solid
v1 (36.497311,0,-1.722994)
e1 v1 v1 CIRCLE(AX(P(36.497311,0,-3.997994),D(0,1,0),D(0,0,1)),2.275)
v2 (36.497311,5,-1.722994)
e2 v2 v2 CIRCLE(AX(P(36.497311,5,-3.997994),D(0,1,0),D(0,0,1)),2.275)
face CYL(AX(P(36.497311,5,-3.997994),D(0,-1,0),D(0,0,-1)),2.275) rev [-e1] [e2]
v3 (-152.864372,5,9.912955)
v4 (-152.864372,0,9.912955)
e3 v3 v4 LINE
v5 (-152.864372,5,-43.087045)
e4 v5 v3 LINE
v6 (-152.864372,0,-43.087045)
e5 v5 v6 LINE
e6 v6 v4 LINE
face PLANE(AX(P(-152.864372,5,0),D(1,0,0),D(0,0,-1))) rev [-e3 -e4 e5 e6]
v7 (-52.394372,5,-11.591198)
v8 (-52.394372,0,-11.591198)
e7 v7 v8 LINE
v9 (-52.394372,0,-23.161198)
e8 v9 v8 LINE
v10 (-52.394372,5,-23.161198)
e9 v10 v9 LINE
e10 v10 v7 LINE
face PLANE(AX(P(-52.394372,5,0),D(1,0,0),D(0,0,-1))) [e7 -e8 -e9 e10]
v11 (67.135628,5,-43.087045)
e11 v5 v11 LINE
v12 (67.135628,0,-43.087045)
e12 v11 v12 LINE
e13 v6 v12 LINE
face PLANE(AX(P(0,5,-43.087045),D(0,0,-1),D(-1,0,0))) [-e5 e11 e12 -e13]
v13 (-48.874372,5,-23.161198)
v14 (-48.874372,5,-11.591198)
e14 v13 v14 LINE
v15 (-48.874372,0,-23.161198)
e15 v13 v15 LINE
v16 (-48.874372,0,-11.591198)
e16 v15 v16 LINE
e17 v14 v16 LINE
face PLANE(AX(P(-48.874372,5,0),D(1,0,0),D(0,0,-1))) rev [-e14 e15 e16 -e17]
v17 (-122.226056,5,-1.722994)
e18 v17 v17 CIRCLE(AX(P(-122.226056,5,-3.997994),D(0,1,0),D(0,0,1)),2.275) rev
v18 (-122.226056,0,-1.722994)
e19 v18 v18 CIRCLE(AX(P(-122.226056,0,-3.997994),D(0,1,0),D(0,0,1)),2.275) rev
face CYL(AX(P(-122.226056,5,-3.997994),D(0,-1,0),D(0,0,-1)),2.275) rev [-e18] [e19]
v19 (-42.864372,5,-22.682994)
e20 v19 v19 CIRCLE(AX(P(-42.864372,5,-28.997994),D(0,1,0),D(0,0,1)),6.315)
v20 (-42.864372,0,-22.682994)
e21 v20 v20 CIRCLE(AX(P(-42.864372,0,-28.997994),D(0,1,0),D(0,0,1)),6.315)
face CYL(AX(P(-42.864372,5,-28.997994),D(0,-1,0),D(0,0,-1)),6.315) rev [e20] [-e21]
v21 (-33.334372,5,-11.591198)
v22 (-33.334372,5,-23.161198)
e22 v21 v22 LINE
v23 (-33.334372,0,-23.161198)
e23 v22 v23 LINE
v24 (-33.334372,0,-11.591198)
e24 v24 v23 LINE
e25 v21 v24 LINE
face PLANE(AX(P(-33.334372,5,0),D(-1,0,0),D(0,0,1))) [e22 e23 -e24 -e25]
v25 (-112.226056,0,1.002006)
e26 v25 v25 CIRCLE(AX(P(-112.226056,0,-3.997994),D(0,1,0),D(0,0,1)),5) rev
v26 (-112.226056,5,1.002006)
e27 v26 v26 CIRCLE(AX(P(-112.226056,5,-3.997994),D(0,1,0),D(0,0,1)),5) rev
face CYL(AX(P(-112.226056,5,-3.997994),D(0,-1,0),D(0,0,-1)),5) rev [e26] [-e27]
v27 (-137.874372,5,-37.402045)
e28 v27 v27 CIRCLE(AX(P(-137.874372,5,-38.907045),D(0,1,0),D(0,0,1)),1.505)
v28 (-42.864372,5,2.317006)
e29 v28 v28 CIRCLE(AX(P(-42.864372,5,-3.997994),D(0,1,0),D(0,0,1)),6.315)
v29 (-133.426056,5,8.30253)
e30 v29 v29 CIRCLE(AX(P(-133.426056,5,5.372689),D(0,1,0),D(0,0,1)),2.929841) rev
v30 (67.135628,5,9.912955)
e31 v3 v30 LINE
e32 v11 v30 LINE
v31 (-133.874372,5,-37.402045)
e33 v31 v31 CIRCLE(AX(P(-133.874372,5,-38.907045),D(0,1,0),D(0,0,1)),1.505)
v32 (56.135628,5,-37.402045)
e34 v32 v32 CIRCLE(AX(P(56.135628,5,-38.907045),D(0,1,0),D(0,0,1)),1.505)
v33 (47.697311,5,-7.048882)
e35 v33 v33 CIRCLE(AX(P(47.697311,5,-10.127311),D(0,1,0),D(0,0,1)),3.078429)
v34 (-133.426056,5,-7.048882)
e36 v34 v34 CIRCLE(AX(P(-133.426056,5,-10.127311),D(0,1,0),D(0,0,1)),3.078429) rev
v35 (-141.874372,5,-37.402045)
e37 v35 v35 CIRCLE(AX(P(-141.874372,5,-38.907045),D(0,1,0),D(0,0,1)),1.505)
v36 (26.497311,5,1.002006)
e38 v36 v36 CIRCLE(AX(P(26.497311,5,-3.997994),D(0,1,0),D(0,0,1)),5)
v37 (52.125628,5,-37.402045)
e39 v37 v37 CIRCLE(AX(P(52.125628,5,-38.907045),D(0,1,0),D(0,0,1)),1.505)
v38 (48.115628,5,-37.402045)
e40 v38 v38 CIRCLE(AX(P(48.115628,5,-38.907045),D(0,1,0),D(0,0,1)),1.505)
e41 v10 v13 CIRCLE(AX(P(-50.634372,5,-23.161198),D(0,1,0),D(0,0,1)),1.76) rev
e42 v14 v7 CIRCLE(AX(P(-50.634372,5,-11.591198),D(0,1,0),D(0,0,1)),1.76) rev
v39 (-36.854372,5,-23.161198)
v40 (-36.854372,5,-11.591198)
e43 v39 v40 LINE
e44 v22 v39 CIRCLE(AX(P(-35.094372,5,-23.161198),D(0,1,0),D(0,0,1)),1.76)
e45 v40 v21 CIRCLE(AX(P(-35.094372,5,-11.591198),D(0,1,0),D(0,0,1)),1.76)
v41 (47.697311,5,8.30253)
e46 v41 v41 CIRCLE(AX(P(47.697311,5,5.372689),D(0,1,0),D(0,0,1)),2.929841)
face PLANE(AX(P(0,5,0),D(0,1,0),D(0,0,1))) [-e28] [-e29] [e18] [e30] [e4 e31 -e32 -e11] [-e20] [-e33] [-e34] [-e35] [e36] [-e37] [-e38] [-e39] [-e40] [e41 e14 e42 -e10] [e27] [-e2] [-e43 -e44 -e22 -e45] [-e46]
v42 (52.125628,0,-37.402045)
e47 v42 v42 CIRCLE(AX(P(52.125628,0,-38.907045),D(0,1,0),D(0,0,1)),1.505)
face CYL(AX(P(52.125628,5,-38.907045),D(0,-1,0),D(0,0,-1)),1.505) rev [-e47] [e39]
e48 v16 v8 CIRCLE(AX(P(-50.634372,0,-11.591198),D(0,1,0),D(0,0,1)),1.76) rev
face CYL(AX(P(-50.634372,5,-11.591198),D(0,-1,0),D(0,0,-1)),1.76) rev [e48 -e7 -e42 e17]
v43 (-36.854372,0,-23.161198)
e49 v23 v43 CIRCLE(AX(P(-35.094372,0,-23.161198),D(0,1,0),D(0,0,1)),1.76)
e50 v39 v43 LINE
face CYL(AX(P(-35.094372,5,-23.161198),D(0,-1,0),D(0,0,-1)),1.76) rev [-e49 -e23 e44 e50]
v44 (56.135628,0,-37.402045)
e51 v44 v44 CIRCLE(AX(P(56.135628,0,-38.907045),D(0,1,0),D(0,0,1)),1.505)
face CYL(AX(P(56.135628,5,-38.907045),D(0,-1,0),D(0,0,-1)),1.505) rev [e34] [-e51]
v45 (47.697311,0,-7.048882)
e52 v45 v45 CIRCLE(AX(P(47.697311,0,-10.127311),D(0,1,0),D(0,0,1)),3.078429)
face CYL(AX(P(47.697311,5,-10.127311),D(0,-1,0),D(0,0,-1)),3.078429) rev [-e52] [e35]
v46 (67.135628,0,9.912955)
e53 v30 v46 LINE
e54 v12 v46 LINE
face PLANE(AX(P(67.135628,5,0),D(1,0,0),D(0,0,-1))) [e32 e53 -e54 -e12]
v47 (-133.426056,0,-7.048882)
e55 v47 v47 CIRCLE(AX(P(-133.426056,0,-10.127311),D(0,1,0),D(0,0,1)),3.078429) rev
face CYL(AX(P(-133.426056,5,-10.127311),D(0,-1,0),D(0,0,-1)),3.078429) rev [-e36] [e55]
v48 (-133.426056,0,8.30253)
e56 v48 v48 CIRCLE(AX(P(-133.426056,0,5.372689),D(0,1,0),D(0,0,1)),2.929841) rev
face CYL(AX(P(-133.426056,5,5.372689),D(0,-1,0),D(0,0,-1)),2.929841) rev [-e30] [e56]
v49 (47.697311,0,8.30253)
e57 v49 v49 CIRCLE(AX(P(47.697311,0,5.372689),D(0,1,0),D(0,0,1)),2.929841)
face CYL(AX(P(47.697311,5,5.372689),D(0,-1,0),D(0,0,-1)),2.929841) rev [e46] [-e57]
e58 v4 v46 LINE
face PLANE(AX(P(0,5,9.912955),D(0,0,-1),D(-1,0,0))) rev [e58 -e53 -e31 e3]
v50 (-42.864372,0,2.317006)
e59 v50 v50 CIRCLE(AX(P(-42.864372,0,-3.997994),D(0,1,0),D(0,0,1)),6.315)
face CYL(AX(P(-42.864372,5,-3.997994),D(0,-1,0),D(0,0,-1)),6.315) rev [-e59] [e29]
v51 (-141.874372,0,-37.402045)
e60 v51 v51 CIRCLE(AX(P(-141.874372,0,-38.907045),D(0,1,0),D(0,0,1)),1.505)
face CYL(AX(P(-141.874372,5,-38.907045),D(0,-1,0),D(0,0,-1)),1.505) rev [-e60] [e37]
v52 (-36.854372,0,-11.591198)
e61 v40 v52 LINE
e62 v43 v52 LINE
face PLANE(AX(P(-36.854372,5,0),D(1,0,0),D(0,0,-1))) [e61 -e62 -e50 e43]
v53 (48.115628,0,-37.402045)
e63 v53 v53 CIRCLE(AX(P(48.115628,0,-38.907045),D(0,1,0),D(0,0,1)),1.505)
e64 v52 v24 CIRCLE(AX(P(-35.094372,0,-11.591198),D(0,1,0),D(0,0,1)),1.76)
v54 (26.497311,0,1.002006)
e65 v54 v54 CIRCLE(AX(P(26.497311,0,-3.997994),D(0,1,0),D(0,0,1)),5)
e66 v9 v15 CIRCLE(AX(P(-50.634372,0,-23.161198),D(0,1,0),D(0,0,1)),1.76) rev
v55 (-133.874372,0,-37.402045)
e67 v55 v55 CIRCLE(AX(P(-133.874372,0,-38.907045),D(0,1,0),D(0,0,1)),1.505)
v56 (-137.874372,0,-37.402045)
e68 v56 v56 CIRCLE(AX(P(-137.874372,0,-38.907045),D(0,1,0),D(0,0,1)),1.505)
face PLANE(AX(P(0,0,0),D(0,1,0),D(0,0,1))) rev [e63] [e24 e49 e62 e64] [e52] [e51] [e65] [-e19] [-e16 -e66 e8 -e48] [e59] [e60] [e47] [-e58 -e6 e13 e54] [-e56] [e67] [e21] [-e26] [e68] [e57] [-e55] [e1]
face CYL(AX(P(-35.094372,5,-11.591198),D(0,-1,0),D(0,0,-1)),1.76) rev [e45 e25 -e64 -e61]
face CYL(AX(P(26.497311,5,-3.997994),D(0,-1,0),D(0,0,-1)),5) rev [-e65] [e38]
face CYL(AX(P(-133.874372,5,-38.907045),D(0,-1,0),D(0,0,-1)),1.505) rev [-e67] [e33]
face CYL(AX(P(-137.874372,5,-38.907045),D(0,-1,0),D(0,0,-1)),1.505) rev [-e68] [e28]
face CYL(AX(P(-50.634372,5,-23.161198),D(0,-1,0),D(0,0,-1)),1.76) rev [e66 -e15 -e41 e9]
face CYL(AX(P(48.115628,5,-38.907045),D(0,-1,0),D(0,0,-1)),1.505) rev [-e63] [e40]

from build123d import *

# Parameters (mm, degrees)
SKETCH1_W           = 220
SKETCH1_H           = 53
SKETCH1_R           = 1.505
SKETCH1_R_2         = 6.315
SKETCH1_R_3         = 3.078429052
SKETCH1_R_4         = 2.929841002
SKETCH1_R_5         = 2.275
SKETCH1_R_6         = 5
BOSS_EXTRUDE1_DEPTH = 5


with BuildPart() as part:
    # Sketch1 → Boss-Extrude1 (new body)
    with BuildSketch(Plane(origin=(0, 0, 0), x_dir=(1, 0, 0), z_dir=(0, 1, 0))):
        with Locations((-42.86437247, 16.587044534)):
            Rectangle(SKETCH1_W, SKETCH1_H)
        with Locations((56.13562753, 38.907044534)):
            Circle(SKETCH1_R, mode=Mode.SUBTRACT)
        with Locations((52.12562753, 38.907044534)):
            Circle(SKETCH1_R, mode=Mode.SUBTRACT)
        with Locations((48.11562753, 38.907044534)):
            Circle(SKETCH1_R, mode=Mode.SUBTRACT)
        with Locations((-141.87437247, 38.907044534)):
            Circle(SKETCH1_R, mode=Mode.SUBTRACT)
        with Locations((-137.87437247, 38.907044534)):
            Circle(SKETCH1_R, mode=Mode.SUBTRACT)
        with Locations((-133.87437247, 38.907044534)):
            Circle(SKETCH1_R, mode=Mode.SUBTRACT)
        with Locations((-42.86437247, 28.997993636)):
            Circle(SKETCH1_R_2, mode=Mode.SUBTRACT)
        with Locations((-42.86437247, 3.997993636)):
            Circle(SKETCH1_R_2, mode=Mode.SUBTRACT)
        with Locations((47.6973107, 10.127310686)):
            Circle(SKETCH1_R_3, mode=Mode.SUBTRACT)
        with Locations((47.6973107, -5.372689314)):
            Circle(SKETCH1_R_4, mode=Mode.SUBTRACT)
        with Locations((36.4973107, 3.997993636)):
            Circle(SKETCH1_R_5, mode=Mode.SUBTRACT)
        with Locations((26.4973107, 3.997993636)):
            Circle(SKETCH1_R_6, mode=Mode.SUBTRACT)
        with Locations((-133.426055639, -5.372689314)):
            Circle(SKETCH1_R_4, mode=Mode.SUBTRACT)
        with Locations((-133.426055639, 10.127310686)):
            Circle(SKETCH1_R_3, mode=Mode.SUBTRACT)
        with Locations((-122.226055639, 3.997993636)):
            Circle(SKETCH1_R_5, mode=Mode.SUBTRACT)
        with Locations((-112.226055639, 3.997993636)):
            Circle(SKETCH1_R_6, mode=Mode.SUBTRACT)
        with BuildLine():
            Line((-52.39437247, 23.161197849), (-52.39437247, 11.591197849))
            ThreePointArc((-52.39437247, 11.591197849), (-50.63437247, 9.831197849), (-48.87437247, 11.591197849))
            Line((-48.87437247, 11.591197849), (-48.87437247, 23.161197849))
            ThreePointArc((-48.87437247, 23.161197849), (-50.63437247, 24.921197849), (-52.39437247, 23.161197849))
        make_face(mode=Mode.SUBTRACT)
        with BuildLine():
            Line((-36.85437247, 23.161197849), (-36.85437247, 11.591197849))
            ThreePointArc((-36.85437247, 11.591197849), (-35.09437247, 9.831197849), (-33.33437247, 11.591197849))
            Line((-33.33437247, 11.591197849), (-33.33437247, 23.161197849))
            ThreePointArc((-33.33437247, 23.161197849), (-35.09437247, 24.921197849), (-36.85437247, 23.161197849))
        make_face(mode=Mode.SUBTRACT)
    extrude(amount=BOSS_EXTRUDE1_DEPTH)


solid = part.part
